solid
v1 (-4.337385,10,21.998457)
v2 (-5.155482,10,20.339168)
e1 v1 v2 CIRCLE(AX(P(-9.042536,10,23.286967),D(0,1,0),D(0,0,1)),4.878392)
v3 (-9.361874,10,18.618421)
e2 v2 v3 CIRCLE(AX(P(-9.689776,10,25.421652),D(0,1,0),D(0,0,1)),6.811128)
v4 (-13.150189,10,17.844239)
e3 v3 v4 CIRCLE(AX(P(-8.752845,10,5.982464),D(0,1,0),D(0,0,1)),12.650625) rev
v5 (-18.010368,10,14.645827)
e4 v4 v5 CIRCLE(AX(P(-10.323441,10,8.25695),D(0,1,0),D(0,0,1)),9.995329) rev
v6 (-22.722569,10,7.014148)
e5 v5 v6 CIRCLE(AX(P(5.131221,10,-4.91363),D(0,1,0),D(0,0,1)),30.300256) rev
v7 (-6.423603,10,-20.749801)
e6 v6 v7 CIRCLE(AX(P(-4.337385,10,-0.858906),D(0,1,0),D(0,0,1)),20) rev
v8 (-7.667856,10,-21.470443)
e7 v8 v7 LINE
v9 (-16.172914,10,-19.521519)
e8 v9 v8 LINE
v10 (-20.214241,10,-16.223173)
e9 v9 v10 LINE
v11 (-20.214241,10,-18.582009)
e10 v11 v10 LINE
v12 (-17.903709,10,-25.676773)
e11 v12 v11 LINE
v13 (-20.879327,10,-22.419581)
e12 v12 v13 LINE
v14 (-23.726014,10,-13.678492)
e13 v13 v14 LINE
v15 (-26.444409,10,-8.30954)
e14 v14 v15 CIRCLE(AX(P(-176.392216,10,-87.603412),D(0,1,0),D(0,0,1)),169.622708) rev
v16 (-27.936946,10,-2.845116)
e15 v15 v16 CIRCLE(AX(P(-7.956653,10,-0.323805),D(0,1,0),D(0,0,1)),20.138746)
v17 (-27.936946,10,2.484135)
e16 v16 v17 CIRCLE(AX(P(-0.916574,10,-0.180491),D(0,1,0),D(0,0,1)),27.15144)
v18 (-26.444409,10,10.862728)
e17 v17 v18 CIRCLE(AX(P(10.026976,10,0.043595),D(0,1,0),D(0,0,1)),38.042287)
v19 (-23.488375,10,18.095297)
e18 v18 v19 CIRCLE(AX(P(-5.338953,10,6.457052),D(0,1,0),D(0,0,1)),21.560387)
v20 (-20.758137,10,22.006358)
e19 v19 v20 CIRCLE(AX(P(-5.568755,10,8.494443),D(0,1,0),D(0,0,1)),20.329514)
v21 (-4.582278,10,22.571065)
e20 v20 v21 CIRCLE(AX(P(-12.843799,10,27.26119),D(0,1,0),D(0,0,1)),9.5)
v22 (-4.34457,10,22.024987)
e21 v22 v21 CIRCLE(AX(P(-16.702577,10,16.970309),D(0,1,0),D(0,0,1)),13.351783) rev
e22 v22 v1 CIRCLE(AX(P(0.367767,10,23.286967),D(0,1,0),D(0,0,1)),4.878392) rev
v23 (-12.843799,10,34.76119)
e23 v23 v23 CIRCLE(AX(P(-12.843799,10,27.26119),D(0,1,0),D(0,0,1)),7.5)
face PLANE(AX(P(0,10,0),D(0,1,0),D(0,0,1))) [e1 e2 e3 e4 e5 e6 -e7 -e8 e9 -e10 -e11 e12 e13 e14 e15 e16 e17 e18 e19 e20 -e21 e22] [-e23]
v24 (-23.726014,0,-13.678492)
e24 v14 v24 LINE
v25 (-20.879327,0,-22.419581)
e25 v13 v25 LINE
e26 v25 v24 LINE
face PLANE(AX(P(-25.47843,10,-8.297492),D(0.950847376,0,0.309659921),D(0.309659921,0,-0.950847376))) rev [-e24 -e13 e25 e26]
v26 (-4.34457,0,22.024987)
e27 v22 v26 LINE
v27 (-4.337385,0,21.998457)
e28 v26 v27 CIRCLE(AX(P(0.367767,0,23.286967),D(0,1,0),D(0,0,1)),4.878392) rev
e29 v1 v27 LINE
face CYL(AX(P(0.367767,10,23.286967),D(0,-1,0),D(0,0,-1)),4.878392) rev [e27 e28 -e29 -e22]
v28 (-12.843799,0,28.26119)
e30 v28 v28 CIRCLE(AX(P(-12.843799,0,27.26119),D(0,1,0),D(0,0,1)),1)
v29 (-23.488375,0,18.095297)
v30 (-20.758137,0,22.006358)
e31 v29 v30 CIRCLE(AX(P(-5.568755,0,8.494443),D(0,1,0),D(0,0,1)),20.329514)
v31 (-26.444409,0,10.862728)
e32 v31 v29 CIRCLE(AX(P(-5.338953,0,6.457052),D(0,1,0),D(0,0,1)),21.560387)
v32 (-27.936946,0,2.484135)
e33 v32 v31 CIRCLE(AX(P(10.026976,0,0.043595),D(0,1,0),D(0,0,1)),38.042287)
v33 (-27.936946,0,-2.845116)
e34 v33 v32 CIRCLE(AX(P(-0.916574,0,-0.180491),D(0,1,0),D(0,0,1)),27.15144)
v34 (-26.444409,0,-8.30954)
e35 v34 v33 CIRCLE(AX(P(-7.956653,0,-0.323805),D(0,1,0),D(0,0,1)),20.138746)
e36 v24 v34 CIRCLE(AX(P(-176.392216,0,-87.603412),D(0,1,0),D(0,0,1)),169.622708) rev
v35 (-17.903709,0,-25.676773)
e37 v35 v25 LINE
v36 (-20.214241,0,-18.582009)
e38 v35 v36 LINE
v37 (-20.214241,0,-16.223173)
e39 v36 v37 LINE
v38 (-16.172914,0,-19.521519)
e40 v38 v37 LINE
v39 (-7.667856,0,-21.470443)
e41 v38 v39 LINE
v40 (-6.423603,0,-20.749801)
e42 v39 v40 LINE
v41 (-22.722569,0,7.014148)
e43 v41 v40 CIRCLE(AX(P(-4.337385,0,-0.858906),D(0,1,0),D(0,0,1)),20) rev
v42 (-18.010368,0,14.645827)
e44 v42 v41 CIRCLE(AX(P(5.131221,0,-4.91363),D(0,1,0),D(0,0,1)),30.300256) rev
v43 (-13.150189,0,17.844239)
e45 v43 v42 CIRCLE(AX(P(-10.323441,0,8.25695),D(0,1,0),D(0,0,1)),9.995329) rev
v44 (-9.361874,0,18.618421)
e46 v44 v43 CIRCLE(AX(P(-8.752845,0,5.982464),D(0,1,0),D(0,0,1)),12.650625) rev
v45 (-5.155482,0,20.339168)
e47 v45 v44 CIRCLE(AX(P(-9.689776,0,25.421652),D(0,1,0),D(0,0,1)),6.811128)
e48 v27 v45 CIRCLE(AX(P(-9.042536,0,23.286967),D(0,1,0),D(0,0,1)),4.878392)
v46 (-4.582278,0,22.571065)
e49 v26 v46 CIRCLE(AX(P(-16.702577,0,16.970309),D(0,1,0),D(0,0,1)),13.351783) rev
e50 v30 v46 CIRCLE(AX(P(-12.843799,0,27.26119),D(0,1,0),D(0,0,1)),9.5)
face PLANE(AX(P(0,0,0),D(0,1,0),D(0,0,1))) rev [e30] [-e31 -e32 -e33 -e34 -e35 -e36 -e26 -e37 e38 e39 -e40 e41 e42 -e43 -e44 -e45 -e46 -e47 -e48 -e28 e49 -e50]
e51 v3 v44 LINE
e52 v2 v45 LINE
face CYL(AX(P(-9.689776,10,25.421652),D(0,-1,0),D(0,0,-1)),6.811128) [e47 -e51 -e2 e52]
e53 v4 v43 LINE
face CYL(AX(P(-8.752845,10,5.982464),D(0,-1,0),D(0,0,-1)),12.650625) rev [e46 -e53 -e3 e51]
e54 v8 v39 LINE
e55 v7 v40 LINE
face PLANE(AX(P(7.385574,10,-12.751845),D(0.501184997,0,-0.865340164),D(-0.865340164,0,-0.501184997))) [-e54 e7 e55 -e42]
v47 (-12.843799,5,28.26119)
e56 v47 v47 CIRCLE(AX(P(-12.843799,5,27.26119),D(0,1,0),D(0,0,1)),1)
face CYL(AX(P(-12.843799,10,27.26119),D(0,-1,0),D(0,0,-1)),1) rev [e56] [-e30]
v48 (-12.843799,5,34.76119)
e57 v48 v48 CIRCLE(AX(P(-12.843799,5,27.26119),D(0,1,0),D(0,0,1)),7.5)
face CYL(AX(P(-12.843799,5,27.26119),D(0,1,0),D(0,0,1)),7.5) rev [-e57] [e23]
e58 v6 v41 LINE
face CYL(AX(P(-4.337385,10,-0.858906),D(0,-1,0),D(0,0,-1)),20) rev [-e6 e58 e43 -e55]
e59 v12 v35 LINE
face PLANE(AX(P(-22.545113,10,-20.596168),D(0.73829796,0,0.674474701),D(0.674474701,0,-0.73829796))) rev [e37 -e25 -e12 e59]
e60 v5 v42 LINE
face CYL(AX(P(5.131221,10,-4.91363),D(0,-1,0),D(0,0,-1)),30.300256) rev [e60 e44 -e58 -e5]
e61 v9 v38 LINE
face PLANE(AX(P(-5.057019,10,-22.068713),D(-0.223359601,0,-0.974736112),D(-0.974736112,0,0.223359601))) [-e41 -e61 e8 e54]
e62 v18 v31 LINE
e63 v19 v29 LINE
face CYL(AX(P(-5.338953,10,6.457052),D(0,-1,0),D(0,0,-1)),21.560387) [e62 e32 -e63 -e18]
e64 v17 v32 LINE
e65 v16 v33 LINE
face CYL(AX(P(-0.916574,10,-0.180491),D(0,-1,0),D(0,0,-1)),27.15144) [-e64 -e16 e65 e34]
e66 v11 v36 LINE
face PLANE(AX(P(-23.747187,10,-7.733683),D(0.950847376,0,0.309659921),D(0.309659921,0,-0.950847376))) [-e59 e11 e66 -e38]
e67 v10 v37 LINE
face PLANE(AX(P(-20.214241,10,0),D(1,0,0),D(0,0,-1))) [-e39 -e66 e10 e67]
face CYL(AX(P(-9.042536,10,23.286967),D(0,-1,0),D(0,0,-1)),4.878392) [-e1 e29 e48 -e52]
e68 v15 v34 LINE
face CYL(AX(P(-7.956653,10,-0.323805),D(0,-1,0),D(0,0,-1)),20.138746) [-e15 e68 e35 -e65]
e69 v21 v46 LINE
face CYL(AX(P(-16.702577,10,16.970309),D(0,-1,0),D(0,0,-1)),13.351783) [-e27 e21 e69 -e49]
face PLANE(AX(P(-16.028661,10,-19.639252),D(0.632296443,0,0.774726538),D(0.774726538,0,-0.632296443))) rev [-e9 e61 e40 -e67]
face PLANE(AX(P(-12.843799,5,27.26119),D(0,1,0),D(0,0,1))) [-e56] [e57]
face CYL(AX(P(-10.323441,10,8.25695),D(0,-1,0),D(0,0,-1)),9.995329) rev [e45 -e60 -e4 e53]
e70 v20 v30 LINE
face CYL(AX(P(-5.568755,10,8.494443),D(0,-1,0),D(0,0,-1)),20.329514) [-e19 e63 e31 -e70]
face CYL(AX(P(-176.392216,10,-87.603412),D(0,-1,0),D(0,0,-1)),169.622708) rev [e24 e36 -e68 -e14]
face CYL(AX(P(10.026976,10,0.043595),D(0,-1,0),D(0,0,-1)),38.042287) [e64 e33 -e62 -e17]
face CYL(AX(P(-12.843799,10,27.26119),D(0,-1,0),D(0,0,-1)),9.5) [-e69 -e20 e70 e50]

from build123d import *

# Parameters (mm, degrees)
SUNGU_KIRI_R        = 1
BOSS_EXTRUDE1_DEPTH = 10
SKETCH9_R           = 7.5
CUT_EXTRUDE5_DEPTH  = 5


with BuildPart() as part:
    # sungu kiri → Boss-Extrude1 (new body)
    with BuildSketch(Plane(origin=(0, 0, 0), x_dir=(1, 0, 0), z_dir=(0, 1, 0))):
        with BuildLine():
            Line((-20.214241335, 18.58200887), (-17.903708636, 25.676772527))
            Line((-17.903708636, 25.676772527), (-20.879327355, 22.419581076))
            Line((-20.879327355, 22.419581076), (-23.726014444, 13.678492013))
            ThreePointArc((-23.726014444, 13.678492013), (-25.061399851, 10.98195956), (-26.444409257, 8.309539974))
            ThreePointArc((-26.444409257, 8.309539974), (-27.383764934, 5.63006722), (-27.936945566, 2.845115782))
            ThreePointArc((-27.936945566, 2.845115782), (-28.068014235, 0.18049064), (-27.936945566, -2.484134502))
            ThreePointArc((-27.936945566, -2.484134502), (-27.425713247, -6.715299694), (-26.444409257, -10.862727794))
            ThreePointArc((-26.444409257, -10.862727794), (-25.296755437, -14.61403578), (-23.488374839, -18.095297119))
            ThreePointArc((-23.488374839, -18.095297119), (-22.238356067, -20.131176806), (-20.758136978, -22.006357992))
            ThreePointArc((-20.758136978, -22.006357992), (-13.175246696, -36.755405871), (-4.582277955, -22.571064976))
            ThreePointArc((-4.582277955, -22.571064976), (-4.460378612, -22.299351604), (-4.344569641, -22.024987085))
            ThreePointArc((-4.344569641, -22.024987085), (-4.340995805, -22.01171692), (-4.3373846, -21.998456875))
            ThreePointArc((-4.3373846, -21.998456875), (-4.667057778, -21.129677391), (-5.155481579, -20.33916845))
            ThreePointArc((-5.155481579, -20.33916845), (-7.110923153, -19.117606911), (-9.361873626, -18.618421268))
            ThreePointArc((-9.361873626, -18.618421268), (-11.285784226, -18.376920372), (-13.150188878, -17.844238508))
            ThreePointArc((-13.150188878, -17.844238508), (-15.818147575, -16.60648921), (-18.010368345, -14.645827324))
            ThreePointArc((-18.010368345, -14.645827324), (-20.650416196, -11.005311906), (-22.72256926, -7.01414831))
            ThreePointArc((-22.72256926, -7.01414831), (-21.584958488, 10.98418111), (-6.423603233, 20.74980075))
            Line((-6.423603233, 20.74980075), (-7.667855794, 21.470443038))
            Line((-7.667855794, 21.470443038), (-16.17291449, 19.521519125))
            Line((-16.17291449, 19.521519125), (-20.214241335, 16.223172594))
            Line((-20.214241335, 16.223172594), (-20.214241335, 18.58200887))
        make_face()
        with Locations(Location((-12.843799059, -27.261189607, 0), (0, 0, 270))):
            Circle(SUNGU_KIRI_R, mode=Mode.SUBTRACT)
    extrude(amount=BOSS_EXTRUDE1_DEPTH)

    # Sketch9 → Cut-Extrude5 (cut)
    with BuildSketch(Plane(origin=(0, 10, 0), x_dir=(1, 0, 0), z_dir=(0, 1, 0))):
        with Locations(Location((-12.843799059, -27.261189607, 0), (0, 0, 270))):
            Circle(SKETCH9_R)
    extrude(amount=-CUT_EXTRUDE5_DEPTH, mode=Mode.SUBTRACT)


solid = part.part
